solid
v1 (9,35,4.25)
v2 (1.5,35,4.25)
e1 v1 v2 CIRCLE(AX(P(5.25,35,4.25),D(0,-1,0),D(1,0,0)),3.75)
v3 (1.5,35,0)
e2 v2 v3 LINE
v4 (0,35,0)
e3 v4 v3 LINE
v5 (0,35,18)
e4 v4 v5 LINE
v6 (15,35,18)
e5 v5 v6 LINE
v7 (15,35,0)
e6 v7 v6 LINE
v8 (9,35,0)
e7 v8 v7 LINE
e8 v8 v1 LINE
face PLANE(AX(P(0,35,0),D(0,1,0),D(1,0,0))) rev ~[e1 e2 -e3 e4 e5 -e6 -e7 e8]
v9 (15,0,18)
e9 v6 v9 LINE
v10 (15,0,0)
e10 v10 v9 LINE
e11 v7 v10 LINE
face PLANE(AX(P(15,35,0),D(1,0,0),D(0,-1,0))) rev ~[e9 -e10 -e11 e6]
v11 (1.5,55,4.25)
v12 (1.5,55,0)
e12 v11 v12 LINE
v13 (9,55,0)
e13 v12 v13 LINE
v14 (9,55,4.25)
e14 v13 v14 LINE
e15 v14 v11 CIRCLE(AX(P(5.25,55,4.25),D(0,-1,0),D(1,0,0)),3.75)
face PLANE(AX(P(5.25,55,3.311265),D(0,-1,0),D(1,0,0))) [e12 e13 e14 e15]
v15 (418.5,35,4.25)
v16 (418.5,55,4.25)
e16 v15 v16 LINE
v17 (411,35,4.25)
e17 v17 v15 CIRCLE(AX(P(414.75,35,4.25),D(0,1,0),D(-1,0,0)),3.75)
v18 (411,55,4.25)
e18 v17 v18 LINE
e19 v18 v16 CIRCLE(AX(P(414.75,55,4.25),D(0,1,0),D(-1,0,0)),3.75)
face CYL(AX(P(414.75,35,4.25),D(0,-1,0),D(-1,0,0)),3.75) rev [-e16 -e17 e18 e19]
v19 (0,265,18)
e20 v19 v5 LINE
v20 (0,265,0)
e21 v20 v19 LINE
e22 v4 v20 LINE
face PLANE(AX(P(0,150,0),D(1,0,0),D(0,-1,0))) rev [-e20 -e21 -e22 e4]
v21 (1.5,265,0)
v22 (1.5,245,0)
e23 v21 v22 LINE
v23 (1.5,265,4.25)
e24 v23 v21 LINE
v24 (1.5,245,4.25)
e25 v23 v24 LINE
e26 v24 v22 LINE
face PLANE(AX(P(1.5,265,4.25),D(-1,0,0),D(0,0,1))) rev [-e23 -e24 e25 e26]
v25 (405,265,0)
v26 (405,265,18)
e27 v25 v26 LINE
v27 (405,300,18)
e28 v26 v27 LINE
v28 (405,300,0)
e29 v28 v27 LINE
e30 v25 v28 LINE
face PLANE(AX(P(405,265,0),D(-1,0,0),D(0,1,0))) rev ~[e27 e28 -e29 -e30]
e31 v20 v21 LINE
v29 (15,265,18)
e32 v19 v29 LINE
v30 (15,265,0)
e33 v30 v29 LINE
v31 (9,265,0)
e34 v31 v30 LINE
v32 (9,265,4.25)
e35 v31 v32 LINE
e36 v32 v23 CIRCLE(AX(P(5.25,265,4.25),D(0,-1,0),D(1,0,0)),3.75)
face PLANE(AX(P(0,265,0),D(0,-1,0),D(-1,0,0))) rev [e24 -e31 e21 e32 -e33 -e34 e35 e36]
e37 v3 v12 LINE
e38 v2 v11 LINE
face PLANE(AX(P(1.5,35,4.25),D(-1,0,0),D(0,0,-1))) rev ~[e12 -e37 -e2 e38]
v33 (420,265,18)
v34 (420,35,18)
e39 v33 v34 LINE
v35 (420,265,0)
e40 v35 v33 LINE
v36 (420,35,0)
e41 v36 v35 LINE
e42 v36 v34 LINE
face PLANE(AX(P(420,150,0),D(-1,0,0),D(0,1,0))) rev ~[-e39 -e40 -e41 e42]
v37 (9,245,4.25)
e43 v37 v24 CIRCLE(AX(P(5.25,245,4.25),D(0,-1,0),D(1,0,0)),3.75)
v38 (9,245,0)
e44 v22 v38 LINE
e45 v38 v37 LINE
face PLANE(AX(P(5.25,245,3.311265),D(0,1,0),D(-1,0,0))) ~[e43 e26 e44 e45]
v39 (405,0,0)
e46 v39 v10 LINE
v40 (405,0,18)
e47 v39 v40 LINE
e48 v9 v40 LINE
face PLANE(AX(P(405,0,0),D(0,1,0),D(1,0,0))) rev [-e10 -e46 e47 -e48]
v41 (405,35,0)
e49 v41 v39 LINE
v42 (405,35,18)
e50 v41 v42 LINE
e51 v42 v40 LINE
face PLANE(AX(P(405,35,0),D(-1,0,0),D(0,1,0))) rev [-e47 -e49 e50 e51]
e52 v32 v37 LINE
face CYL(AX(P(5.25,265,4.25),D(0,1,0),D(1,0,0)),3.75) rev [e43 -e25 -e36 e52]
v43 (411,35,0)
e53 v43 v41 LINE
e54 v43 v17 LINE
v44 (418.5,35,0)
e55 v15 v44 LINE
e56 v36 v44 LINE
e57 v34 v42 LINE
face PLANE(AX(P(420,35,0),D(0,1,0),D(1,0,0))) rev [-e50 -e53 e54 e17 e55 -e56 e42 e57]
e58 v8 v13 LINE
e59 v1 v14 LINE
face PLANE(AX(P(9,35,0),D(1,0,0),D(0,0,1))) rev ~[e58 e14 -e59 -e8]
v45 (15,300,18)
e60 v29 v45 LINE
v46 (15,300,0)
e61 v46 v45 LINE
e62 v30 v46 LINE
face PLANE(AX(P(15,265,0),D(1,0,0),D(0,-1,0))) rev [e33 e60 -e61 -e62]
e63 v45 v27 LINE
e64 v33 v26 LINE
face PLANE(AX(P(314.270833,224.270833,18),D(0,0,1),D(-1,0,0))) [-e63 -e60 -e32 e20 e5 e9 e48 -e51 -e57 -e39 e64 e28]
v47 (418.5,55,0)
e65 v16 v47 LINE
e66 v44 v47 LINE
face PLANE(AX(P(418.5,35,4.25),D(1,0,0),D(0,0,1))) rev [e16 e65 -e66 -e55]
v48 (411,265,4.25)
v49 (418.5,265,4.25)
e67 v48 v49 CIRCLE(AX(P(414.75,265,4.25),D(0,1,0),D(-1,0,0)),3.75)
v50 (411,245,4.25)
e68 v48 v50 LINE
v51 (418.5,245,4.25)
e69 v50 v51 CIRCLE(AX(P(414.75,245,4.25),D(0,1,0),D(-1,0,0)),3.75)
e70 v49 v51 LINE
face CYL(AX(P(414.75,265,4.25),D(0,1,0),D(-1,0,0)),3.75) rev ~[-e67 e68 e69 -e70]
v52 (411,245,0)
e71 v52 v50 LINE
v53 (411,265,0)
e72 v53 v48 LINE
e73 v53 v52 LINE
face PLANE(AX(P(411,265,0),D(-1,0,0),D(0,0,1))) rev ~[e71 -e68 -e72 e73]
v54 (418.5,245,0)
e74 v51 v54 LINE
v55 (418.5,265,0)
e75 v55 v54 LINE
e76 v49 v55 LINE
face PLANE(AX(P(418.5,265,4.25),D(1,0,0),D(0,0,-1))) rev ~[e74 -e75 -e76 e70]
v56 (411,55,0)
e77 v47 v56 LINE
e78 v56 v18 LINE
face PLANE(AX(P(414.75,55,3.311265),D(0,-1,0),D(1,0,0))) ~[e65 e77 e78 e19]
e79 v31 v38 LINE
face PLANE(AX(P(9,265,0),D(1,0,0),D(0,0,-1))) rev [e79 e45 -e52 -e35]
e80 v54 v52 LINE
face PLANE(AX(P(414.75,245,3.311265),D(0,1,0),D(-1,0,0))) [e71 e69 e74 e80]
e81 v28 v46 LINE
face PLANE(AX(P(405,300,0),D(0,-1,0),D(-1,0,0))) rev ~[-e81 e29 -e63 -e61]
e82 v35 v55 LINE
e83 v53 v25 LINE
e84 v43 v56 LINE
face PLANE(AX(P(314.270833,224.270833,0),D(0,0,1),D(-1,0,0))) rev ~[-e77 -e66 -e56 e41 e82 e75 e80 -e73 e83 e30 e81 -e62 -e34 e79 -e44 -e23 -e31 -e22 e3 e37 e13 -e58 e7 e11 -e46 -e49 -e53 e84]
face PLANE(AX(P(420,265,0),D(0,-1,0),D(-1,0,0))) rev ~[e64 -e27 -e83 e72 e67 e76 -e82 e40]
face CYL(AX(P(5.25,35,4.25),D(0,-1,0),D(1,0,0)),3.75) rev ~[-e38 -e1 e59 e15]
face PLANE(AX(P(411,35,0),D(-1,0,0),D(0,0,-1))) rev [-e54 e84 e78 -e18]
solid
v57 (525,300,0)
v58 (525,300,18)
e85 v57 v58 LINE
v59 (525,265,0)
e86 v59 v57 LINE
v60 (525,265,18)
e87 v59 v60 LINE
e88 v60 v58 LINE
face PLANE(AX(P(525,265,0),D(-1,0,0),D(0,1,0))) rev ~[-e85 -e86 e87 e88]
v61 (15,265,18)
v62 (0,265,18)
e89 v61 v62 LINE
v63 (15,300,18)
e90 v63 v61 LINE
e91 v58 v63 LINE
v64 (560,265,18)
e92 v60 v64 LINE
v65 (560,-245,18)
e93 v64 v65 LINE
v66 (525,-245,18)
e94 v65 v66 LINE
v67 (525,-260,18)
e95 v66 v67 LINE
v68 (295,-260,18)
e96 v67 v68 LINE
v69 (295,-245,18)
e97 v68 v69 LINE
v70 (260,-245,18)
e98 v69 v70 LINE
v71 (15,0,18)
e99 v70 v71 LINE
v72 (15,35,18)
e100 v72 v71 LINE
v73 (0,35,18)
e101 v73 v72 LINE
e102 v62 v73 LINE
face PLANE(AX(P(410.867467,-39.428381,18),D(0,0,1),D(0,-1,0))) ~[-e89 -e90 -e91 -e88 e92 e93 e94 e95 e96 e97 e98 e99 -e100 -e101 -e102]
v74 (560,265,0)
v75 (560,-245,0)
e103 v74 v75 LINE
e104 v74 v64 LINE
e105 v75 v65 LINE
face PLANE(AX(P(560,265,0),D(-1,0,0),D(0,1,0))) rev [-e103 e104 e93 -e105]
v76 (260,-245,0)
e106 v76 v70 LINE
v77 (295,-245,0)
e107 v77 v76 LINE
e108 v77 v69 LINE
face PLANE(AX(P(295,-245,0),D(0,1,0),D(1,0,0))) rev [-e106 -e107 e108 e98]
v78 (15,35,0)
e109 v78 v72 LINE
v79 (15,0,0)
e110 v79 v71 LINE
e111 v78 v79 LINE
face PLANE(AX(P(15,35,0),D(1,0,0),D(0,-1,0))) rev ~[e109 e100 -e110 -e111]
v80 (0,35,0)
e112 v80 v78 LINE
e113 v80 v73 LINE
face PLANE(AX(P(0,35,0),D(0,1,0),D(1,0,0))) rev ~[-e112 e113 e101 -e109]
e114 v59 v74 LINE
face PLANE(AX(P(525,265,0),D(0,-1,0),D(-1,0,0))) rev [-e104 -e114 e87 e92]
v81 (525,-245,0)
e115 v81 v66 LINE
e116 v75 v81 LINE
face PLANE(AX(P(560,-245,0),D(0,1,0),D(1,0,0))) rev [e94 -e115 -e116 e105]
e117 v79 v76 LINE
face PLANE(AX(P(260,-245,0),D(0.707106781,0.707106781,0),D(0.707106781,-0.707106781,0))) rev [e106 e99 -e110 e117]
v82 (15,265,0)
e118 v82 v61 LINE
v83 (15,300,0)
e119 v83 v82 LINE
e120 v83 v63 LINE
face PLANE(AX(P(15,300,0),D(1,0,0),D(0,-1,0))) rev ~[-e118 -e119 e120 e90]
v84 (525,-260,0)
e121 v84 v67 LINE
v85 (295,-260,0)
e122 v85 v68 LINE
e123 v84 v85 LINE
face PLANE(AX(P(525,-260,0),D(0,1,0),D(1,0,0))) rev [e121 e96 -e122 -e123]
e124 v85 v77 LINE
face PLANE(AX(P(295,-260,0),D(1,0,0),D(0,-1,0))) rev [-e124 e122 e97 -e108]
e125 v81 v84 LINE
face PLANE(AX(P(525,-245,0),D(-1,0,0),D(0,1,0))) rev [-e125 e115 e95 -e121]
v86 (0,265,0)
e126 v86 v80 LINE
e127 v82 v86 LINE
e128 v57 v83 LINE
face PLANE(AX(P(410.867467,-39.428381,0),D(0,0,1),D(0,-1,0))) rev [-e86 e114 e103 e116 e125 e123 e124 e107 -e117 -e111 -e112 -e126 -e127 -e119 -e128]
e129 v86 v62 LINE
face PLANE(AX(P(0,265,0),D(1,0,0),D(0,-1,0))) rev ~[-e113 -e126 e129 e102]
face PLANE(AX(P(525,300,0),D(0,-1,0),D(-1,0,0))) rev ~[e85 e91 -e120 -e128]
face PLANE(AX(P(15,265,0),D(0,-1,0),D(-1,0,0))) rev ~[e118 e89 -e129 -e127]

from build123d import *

# Parameters (mm, degrees)
F2_DEPTH = 18
F4_DEPTH = 20
F8_DEPTH = 18


with BuildPart() as f2:
    # F1 (on Top) → F2 (new body)
    with BuildSketch(Plane.XY):
        Polygon((15, 35), (15, 0), (210, 0), (210, 150), (0, 150), (0, 35), align=None)
    extrude(amount=F2_DEPTH)

    # F3 (on face) → F4 (cut)
    with BuildSketch(Plane.XZ.offset(-35)):
        with BuildLine():
            Line((9, 0), (9, 4.25))
            ThreePointArc((9, 4.25), (5.25, 8), (1.5, 4.25))
            Line((1.5, 4.25), (1.5, 0))
            Line((1.5, 0), (9, 0))
        make_face()
    extrude(amount=-F4_DEPTH, mode=Mode.SUBTRACT)

    # F5: F2 across face


with BuildPart() as f2_1:
    add(f2.part)
    add(f2.part.mirror(Plane(origin=(105, 150, 9), x_dir=(-1, 0, 0), z_dir=(0, 1, 0))))

    # F6: F2 across face


with BuildPart() as f2_2:
    add(f2_1.part)
    add(f2_1.part.mirror(Plane(origin=(210, 150, 9), x_dir=(0, 1, 0), z_dir=(1, 0, 0))))


with BuildPart() as f8:
    # F7 (on Top) → F8 (new body)
    with BuildSketch(Plane.XY):
        Polygon((15, 35), (15, 0), (137.5, -122.5), (525, 265), (525, 300), (15, 300), (15, 265), (0, 265), (0, 35), align=None)
    extrude(amount=F8_DEPTH)

    # F9: F8 across face


with BuildPart() as f8_1:
    add(f8.part)
    add(f8.part.mirror(Plane(origin=(331.25, 71.25, 9), x_dir=(0.7071067812, 0.7071067812, 0), z_dir=(0.7071067812, -0.7071067812, 0))))


solid = Compound([f2_2.part, f8_1.part])
